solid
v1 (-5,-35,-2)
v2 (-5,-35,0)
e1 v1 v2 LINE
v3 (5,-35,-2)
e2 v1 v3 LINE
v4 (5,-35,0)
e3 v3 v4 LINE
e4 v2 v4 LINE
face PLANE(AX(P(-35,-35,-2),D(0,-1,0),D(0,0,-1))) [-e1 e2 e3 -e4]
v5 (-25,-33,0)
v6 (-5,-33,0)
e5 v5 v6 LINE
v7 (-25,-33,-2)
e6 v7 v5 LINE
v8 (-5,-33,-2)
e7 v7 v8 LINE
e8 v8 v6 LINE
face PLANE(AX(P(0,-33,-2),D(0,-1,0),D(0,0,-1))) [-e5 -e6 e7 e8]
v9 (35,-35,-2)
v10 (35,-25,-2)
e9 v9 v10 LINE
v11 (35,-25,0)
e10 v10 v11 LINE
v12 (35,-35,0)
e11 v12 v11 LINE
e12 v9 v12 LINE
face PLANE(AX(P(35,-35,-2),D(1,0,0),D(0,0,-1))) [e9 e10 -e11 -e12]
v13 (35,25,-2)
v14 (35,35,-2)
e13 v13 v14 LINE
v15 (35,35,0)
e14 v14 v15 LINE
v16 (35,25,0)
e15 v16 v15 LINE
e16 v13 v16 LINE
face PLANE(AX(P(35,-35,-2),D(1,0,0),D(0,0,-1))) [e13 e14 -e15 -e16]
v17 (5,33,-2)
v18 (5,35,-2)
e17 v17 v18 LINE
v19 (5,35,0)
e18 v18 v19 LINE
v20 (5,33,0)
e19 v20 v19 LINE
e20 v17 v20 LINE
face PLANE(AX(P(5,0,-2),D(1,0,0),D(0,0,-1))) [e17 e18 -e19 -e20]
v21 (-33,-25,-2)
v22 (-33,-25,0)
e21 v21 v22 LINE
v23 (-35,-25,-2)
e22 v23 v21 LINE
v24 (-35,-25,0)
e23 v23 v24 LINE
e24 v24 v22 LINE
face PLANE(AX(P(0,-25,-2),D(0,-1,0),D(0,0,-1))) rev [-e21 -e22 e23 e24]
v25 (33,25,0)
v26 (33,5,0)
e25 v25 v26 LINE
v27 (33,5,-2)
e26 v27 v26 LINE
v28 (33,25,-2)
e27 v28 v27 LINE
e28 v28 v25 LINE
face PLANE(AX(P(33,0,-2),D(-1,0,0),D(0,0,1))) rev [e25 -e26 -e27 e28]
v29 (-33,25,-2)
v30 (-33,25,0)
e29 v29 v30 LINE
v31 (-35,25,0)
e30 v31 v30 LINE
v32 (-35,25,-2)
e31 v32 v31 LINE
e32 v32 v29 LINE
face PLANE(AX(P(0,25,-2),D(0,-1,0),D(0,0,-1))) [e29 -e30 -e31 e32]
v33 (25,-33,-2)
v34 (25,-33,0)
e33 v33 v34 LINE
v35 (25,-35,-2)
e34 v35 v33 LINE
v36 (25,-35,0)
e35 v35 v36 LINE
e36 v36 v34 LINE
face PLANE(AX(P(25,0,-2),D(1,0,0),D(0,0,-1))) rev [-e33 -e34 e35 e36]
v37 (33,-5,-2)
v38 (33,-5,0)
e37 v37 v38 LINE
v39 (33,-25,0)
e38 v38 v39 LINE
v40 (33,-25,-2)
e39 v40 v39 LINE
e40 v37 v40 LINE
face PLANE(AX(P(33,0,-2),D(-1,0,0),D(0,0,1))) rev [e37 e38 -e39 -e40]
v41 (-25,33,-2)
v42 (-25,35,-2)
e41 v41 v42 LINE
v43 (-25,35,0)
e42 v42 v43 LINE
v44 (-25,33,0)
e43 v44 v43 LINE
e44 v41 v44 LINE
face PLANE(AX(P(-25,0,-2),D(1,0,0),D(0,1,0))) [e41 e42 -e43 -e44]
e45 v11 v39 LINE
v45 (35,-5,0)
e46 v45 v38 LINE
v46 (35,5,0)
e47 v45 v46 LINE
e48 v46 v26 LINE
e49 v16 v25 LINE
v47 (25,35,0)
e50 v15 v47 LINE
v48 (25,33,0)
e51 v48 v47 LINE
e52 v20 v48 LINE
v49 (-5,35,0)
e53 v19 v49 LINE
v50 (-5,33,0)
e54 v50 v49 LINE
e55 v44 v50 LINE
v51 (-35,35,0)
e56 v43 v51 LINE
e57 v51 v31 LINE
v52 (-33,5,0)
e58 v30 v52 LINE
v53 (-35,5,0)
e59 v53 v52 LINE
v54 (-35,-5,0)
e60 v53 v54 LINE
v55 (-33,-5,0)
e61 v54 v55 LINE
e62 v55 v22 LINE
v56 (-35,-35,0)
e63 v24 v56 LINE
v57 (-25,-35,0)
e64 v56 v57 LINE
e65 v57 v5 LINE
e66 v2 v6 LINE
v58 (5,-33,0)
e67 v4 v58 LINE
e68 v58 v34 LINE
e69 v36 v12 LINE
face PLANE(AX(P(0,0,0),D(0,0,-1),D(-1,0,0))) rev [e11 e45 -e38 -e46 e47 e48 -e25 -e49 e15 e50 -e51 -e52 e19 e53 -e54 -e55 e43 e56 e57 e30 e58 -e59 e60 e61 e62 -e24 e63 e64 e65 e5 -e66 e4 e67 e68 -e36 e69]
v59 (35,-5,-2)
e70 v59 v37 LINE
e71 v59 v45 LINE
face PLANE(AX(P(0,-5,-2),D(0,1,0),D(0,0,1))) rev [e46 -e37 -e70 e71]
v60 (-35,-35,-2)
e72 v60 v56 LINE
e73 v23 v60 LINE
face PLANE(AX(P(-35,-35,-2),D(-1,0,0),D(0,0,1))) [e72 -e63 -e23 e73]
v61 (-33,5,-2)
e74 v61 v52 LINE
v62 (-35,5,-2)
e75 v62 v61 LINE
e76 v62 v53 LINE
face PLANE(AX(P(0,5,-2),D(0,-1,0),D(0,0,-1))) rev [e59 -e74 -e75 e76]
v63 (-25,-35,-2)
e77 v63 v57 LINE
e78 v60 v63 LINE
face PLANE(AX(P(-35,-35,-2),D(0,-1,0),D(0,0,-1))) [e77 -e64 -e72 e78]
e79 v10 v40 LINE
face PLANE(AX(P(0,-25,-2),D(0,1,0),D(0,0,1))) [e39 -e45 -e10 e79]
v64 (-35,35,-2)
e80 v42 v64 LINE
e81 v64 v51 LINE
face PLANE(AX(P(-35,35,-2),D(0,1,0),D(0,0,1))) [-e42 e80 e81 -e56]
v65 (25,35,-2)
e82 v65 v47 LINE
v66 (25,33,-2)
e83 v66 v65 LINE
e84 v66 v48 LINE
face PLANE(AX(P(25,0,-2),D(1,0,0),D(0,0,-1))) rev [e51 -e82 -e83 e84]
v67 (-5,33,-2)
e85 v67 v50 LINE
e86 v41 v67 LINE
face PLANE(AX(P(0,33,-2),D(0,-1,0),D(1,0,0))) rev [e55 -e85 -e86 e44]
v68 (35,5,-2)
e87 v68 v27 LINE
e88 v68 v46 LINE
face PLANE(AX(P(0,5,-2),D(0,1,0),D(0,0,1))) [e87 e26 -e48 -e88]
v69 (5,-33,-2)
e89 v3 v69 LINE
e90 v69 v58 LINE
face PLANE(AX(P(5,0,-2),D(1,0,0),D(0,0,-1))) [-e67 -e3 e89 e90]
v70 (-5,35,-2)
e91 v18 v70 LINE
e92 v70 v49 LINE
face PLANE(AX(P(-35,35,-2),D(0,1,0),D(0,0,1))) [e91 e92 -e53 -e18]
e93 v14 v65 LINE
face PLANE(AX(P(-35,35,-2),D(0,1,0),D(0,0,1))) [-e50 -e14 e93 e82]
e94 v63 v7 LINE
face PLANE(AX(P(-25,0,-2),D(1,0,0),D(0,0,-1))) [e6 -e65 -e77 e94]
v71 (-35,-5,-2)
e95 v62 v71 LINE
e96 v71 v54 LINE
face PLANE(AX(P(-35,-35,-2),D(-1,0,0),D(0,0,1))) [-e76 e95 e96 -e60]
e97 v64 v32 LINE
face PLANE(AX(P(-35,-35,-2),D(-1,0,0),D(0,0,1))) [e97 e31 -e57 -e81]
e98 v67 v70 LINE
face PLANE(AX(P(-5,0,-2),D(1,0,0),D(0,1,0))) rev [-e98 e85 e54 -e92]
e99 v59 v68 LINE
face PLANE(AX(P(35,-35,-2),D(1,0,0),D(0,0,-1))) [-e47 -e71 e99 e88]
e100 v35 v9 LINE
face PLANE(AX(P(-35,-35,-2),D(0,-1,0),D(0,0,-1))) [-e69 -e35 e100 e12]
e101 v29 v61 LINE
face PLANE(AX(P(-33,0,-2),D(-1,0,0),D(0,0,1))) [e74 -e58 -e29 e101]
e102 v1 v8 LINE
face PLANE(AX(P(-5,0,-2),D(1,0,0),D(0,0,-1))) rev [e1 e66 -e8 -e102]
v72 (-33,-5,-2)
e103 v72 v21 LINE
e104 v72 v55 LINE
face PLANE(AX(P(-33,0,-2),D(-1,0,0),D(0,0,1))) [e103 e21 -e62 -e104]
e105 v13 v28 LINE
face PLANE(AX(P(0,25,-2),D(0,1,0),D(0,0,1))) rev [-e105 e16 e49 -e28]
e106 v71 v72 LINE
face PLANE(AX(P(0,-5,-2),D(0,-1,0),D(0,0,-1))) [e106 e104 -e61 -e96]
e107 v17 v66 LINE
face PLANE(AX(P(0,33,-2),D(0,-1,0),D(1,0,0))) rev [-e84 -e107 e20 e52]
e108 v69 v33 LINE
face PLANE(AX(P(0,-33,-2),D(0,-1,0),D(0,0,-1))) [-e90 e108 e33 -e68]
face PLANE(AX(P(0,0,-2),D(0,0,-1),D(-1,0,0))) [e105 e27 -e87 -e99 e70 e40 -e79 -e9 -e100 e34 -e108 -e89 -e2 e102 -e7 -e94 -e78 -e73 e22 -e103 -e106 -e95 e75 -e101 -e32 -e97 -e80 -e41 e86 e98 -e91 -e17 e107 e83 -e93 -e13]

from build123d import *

# Parameters (mm, degrees)
SKETCH1_W           = 70
SKETCH1_H           = 70
BOSS_EXTRUDE1_DEPTH = 2
SKETCH2_W           = 2
SKETCH2_H           = 20
SKETCH2_W_2         = 20
SKETCH2_H_2         = 2
CUT_EXTRUDE1_DEPTH  = 2


with BuildPart() as part:
    # Sketch1 → Boss-Extrude1 (new body)
    with BuildSketch(Plane.XY):
        Rectangle(SKETCH1_W, SKETCH1_H)
    extrude(amount=-BOSS_EXTRUDE1_DEPTH)

    # Sketch2 → Cut-Extrude1 (cut)
    with BuildSketch(Plane.XY):
        with Locations((-34, 15)):
            Rectangle(SKETCH2_W, SKETCH2_H)
        with Locations((-34, -15)):
            Rectangle(SKETCH2_W, SKETCH2_H)
        with Locations((-15, -34)):
            Rectangle(SKETCH2_W_2, SKETCH2_H_2)
        with Locations((15, -34)):
            Rectangle(SKETCH2_W_2, SKETCH2_H_2)
        with Locations((34, -15)):
            Rectangle(SKETCH2_W, SKETCH2_H)
        with Locations((34, 15)):
            Rectangle(SKETCH2_W, SKETCH2_H)
        with Locations((15, 34)):
            Rectangle(SKETCH2_W_2, SKETCH2_H_2)
        with Locations((-15, 34)):
            Rectangle(SKETCH2_W_2, SKETCH2_H_2)
    extrude(amount=-CUT_EXTRUDE1_DEPTH, mode=Mode.SUBTRACT)


solid = part.part
